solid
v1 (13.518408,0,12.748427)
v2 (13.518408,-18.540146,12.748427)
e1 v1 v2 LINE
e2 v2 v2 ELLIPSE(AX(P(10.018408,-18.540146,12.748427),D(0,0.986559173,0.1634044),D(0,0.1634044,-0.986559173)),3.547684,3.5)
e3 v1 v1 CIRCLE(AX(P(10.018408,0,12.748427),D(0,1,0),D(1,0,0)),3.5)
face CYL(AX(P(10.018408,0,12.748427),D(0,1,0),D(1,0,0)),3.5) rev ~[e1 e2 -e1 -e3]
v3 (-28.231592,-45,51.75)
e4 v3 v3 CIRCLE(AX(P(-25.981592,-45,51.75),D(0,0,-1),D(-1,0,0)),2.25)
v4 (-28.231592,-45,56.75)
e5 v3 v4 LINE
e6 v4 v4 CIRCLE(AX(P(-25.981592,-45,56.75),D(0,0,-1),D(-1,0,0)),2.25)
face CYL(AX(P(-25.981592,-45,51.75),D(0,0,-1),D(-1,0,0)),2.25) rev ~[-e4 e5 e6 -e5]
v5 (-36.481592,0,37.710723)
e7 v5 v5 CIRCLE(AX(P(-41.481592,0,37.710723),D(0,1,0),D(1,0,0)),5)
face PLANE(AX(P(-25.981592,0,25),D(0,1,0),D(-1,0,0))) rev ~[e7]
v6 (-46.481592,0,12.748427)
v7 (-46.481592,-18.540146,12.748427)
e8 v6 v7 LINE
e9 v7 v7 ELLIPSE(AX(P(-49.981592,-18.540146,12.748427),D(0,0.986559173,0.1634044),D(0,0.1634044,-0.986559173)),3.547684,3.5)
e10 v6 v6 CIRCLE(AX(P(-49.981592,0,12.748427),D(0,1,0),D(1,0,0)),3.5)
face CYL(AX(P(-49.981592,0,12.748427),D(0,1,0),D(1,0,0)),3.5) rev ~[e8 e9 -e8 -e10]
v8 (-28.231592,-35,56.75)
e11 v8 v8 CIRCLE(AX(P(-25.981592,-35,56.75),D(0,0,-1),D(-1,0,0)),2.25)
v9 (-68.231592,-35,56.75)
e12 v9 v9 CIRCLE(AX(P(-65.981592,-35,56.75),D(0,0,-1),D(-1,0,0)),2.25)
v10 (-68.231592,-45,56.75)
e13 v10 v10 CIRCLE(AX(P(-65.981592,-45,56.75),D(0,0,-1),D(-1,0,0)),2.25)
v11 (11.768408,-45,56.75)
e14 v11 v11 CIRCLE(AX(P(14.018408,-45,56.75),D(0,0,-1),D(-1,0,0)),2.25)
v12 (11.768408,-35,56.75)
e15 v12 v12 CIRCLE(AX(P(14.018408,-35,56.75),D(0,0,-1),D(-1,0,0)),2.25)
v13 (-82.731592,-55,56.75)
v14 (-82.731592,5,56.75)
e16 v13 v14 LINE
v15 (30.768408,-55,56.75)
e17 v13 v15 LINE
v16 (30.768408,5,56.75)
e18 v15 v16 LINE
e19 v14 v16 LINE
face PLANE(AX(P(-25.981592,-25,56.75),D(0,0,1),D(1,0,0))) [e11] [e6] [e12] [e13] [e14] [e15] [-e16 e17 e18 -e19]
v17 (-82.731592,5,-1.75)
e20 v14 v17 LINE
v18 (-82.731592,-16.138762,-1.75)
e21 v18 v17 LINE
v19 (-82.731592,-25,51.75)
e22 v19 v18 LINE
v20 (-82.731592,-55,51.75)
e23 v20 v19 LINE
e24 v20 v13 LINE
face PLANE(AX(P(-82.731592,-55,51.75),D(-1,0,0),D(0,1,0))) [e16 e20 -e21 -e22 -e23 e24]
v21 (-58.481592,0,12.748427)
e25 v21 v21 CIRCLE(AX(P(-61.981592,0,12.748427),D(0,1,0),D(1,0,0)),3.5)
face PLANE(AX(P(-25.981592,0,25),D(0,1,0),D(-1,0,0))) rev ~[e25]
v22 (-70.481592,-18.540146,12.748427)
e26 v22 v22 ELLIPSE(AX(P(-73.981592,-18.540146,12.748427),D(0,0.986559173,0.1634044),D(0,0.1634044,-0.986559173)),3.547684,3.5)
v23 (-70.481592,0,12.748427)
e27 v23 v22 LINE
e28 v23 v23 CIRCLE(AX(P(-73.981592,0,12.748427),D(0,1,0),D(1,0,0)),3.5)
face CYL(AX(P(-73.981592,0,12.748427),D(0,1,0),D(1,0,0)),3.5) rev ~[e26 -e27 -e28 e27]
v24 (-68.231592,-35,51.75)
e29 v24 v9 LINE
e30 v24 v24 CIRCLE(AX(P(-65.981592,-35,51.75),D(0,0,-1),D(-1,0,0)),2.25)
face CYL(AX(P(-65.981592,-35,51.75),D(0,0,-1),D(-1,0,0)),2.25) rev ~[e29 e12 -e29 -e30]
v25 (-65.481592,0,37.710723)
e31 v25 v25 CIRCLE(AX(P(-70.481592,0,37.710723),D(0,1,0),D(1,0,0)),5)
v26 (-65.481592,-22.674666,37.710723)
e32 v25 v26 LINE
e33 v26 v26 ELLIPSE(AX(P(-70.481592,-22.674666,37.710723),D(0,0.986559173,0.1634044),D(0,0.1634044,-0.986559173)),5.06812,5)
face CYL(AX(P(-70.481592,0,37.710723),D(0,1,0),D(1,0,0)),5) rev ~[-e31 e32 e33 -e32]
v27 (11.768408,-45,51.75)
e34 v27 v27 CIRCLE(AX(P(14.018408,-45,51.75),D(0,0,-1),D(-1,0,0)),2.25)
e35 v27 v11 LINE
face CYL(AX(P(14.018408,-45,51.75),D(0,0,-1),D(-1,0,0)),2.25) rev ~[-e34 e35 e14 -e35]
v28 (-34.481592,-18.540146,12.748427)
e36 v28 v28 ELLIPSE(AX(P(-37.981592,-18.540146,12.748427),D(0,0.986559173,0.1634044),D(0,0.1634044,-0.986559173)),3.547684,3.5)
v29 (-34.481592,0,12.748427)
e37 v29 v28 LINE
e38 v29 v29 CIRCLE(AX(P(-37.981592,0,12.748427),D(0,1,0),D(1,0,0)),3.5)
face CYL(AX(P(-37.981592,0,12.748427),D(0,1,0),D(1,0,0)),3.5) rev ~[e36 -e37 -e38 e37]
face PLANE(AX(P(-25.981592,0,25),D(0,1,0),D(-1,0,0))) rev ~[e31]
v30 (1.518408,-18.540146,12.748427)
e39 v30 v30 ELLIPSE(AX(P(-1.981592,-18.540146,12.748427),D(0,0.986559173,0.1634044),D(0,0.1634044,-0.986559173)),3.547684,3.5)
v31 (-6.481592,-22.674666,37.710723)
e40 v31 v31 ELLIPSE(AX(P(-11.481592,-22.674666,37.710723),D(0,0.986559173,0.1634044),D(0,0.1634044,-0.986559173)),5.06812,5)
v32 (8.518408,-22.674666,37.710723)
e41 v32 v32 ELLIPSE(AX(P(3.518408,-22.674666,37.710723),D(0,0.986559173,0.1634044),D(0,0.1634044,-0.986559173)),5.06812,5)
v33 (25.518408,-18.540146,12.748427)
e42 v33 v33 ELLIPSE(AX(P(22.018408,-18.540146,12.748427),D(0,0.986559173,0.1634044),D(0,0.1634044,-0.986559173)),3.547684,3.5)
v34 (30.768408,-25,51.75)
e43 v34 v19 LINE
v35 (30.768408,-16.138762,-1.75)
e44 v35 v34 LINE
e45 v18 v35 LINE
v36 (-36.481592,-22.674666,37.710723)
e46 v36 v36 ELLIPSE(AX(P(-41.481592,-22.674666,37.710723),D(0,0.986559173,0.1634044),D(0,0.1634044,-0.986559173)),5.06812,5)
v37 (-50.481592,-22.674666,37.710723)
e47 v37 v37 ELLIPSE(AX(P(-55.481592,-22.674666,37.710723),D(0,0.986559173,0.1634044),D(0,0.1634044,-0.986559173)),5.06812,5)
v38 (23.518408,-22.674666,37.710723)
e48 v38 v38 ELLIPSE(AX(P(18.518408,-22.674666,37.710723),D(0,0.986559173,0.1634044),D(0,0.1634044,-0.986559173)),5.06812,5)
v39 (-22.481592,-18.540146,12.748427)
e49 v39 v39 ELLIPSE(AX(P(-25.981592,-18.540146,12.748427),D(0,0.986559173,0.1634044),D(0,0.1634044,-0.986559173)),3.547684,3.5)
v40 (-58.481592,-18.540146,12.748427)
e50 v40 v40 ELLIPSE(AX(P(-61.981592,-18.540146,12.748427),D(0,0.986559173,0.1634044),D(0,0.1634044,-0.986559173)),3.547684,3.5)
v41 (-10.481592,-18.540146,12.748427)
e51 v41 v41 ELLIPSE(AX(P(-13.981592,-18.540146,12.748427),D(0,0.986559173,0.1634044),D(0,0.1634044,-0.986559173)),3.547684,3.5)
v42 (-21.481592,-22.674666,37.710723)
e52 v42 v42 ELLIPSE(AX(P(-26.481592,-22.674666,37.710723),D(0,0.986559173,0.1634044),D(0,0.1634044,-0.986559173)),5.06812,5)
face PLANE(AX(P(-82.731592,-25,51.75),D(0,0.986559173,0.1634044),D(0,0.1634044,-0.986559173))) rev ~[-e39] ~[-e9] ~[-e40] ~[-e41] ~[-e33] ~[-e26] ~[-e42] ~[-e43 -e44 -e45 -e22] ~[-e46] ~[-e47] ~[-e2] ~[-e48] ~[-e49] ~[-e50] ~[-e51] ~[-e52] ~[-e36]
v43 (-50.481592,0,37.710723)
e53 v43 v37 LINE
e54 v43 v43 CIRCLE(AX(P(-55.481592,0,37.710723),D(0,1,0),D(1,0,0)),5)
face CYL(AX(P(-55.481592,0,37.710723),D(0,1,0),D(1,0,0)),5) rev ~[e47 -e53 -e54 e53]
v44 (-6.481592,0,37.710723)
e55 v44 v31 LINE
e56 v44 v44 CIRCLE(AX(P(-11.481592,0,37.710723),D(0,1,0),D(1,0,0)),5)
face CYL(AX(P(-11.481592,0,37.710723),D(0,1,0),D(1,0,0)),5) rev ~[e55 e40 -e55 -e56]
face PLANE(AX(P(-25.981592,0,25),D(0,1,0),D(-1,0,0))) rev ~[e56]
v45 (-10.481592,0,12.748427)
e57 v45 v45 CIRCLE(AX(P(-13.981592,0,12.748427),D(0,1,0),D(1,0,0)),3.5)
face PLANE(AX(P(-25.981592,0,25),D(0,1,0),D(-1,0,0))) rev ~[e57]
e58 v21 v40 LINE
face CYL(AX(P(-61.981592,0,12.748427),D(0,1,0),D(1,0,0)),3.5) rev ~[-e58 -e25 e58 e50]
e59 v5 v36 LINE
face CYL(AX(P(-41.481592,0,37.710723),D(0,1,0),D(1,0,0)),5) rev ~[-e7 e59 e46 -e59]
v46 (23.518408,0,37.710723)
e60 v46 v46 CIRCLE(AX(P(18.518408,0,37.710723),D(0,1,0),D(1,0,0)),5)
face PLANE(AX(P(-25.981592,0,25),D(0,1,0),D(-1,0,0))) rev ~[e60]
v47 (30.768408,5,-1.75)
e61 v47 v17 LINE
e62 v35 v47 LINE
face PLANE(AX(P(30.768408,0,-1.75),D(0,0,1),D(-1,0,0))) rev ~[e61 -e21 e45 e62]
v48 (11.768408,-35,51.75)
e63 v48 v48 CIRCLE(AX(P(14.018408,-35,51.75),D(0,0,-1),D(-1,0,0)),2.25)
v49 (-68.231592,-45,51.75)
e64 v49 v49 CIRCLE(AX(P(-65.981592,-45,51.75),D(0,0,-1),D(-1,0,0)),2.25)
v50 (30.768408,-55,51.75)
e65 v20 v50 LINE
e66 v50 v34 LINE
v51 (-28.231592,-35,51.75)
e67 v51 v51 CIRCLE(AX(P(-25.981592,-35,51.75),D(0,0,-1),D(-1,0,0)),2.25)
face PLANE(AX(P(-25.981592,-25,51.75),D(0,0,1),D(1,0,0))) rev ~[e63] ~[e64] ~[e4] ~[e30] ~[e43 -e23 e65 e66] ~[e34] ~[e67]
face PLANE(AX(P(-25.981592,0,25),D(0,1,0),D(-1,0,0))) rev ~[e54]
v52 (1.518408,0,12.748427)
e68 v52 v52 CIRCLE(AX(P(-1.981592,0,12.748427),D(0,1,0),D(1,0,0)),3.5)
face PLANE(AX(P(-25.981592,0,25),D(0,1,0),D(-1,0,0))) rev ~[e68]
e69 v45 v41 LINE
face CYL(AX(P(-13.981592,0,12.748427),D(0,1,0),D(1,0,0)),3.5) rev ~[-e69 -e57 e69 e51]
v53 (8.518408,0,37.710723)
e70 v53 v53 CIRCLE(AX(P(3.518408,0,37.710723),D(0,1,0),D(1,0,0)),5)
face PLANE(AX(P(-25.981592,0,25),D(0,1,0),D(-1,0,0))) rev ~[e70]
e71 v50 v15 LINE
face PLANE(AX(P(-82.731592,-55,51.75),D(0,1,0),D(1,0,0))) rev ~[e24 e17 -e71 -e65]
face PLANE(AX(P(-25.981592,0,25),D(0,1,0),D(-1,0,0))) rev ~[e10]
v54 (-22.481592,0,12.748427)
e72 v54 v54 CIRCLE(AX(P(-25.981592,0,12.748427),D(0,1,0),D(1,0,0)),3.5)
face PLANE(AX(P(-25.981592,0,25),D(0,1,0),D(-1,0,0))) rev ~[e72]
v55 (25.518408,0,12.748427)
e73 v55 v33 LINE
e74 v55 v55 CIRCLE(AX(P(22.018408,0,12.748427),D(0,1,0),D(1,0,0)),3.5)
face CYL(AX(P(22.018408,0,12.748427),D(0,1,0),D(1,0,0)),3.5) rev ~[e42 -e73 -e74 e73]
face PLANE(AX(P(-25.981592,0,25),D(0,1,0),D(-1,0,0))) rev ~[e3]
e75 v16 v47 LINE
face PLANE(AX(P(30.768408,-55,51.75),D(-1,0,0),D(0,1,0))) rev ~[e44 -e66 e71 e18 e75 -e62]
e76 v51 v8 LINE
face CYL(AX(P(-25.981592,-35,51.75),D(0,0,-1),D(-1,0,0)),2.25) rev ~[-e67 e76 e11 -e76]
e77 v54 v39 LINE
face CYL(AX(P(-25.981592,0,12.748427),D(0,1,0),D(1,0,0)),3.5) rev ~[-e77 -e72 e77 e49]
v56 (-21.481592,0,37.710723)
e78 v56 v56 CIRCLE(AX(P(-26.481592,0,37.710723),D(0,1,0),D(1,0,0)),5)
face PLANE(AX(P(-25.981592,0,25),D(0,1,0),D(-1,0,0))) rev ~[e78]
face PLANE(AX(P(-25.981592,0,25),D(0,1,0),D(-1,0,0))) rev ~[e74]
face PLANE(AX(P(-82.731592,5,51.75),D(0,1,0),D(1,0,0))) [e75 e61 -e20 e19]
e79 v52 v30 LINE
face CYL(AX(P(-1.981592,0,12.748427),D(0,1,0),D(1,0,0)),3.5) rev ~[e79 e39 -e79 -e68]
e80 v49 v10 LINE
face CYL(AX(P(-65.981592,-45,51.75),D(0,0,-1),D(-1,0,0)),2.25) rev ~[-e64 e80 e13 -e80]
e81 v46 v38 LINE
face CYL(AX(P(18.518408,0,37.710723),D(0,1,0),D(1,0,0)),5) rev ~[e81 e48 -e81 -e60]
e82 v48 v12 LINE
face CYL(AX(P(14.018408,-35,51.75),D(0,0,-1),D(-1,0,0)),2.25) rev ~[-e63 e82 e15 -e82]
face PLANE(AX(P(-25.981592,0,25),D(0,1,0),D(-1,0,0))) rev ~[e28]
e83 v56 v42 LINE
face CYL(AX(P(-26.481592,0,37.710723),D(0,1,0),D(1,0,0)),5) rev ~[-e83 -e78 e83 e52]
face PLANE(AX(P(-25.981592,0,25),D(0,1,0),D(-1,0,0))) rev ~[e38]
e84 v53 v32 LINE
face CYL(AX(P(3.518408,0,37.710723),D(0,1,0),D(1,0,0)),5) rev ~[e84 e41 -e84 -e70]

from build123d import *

# Parameters (mm, degrees)
F1_DEPTH = 25
F2_W     = 113.5
F2_H     = 53.5
F3_DEPTH = 5
F5_DEPTH = 133.9
F6_W     = 113.5
F6_H     = 60
F7_DEPTH = 5
F9_DEPTH = 25


with BuildPart() as f1:
    # F0 (on Front) → F1 (new body)
    with BuildSketch(Plane.XZ):
        with BuildLine():
            Line((30.7684078276, 51.75), (-82.7315921724, 51.75))
            Line((-82.7315921724, 51.75), (-82.7315921724, 37.7107225358))
            Line((-82.7315921724, 37.7107225358), (-75.4815921724, 37.7107225358))
            ThreePointArc((-75.4815921724, 37.7107225358), (-70.4815921724, 42.7107225358), (-65.4815921724, 37.7107225358))
            Line((-65.4815921724, 37.7107225358), (-60.4815921724, 37.7107225358))
            ThreePointArc((-60.4815921724, 37.7107225358), (-55.4815921724, 42.7107225358), (-50.4815921724, 37.7107225358))
            Line((-50.4815921724, 37.7107225358), (-46.4815921724, 37.7107225358))
            ThreePointArc((-46.4815921724, 37.7107225358), (-41.4815921724, 42.7107225358), (-36.4815921724, 37.7107225358))
            Line((-36.4815921724, 37.7107225358), (-31.4815921724, 37.7107225358))
            ThreePointArc((-31.4815921724, 37.7107225358), (-26.4815921724, 42.7107225358), (-21.4815921724, 37.7107225358))
            Line((-21.4815921724, 37.7107225358), (-16.4815921724, 37.7107225358))
            ThreePointArc((-16.4815921724, 37.7107225358), (-11.4815921724, 42.7107225358), (-6.4815921724, 37.7107225358))
            Line((-6.4815921724, 37.7107225358), (-1.4815921724, 37.7107225358))
            ThreePointArc((-1.4815921724, 37.7107225358), (3.5184078276, 42.7107225358), (8.5184078276, 37.7107225358))
            Line((8.5184078276, 37.7107225358), (13.5184078276, 37.7107225358))
            ThreePointArc((13.5184078276, 37.7107225358), (18.5184078276, 42.7107225358), (23.5184078276, 37.7107225358))
            Line((23.5184078276, 37.7107225358), (30.7684078276, 37.7107225358))
            Line((30.7684078276, 37.7107225358), (30.7684078276, 51.75))
        make_face()
        with BuildLine():
            Line((-77.4815921724, 12.7484267578), (-82.7315921724, 12.7484267578))
            Line((-82.7315921724, 12.7484267578), (-82.7315921724, -1.75))
            Line((-82.7315921724, -1.75), (30.7684078276, -1.75))
            Line((30.7684078276, -1.75), (30.7684078276, 12.7484267578))
            Line((30.7684078276, 12.7484267578), (25.5184078276, 12.7484267578))
            ThreePointArc((25.5184078276, 12.7484267578), (22.0184078276, 9.2484267578), (18.5184078276, 12.7484267578))
            Line((18.5184078276, 12.7484267578), (13.5184078276, 12.7484267578))
            ThreePointArc((13.5184078276, 12.7484267578), (10.0184078276, 9.2484267578), (6.5184078276, 12.7484267578))
            Line((6.5184078276, 12.7484267578), (1.5184078276, 12.7484267578))
            ThreePointArc((1.5184078276, 12.7484267578), (-1.9815921724, 9.2484267578), (-5.4815921724, 12.7484267578))
            Line((-5.4815921724, 12.7484267578), (-10.4815921724, 12.7484267578))
            ThreePointArc((-10.4815921724, 12.7484267578), (-13.9815921724, 9.2484267578), (-17.4815921724, 12.7484267578))
            Line((-17.4815921724, 12.7484267578), (-22.4815921724, 12.7484267578))
            ThreePointArc((-22.4815921724, 12.7484267578), (-25.9815921724, 9.2484267578), (-29.4815921724, 12.7484267578))
            Line((-29.4815921724, 12.7484267578), (-34.4815921724, 12.7484267578))
            ThreePointArc((-34.4815921724, 12.7484267578), (-37.9815921724, 9.2484267578), (-41.4815921724, 12.7484267578))
            Line((-41.4815921724, 12.7484267578), (-46.4815921724, 12.7484267578))
            ThreePointArc((-46.4815921724, 12.7484267578), (-49.9815921724, 9.2484267578), (-53.4815921724, 12.7484267578))
            Line((-53.4815921724, 12.7484267578), (-58.4815921724, 12.7484267578))
            ThreePointArc((-58.4815921724, 12.7484267578), (-61.9815921724, 9.2484267578), (-65.4815921724, 12.7484267578))
            Line((-65.4815921724, 12.7484267578), (-70.4815921724, 12.7484267578))
            ThreePointArc((-70.4815921724, 12.7484267578), (-73.9815921724, 9.2484267578), (-77.4815921724, 12.7484267578))
        make_face()
        with BuildLine():
            Line((-75.4815921724, 37.7107225358), (-82.7315921724, 37.7107225358))
            Line((-82.7315921724, 37.7107225358), (-82.7315921724, 12.7484267578))
            Line((-82.7315921724, 12.7484267578), (-77.4815921724, 12.7484267578))
            ThreePointArc((-77.4815921724, 12.7484267578), (-73.9815921724, 16.2484267578), (-70.4815921724, 12.7484267578))
            Line((-70.4815921724, 12.7484267578), (-65.4815921724, 12.7484267578))
            ThreePointArc((-65.4815921724, 12.7484267578), (-61.9815921724, 16.2484267578), (-58.4815921724, 12.7484267578))
            Line((-58.4815921724, 12.7484267578), (-53.4815921724, 12.7484267578))
            ThreePointArc((-53.4815921724, 12.7484267578), (-49.9815921724, 16.2484267578), (-46.4815921724, 12.7484267578))
            Line((-46.4815921724, 12.7484267578), (-41.4815921724, 12.7484267578))
            ThreePointArc((-41.4815921724, 12.7484267578), (-37.9815921724, 16.2484267578), (-34.4815921724, 12.7484267578))
            Line((-34.4815921724, 12.7484267578), (-29.4815921724, 12.7484267578))
            ThreePointArc((-29.4815921724, 12.7484267578), (-25.9815921724, 16.2484267578), (-22.4815921724, 12.7484267578))
            Line((-22.4815921724, 12.7484267578), (-17.4815921724, 12.7484267578))
            ThreePointArc((-17.4815921724, 12.7484267578), (-13.9815921724, 16.2484267578), (-10.4815921724, 12.7484267578))
            Line((-10.4815921724, 12.7484267578), (-5.4815921724, 12.7484267578))
            ThreePointArc((-5.4815921724, 12.7484267578), (-1.9815921724, 16.2484267578), (1.5184078276, 12.7484267578))
            Line((1.5184078276, 12.7484267578), (6.5184078276, 12.7484267578))
            ThreePointArc((6.5184078276, 12.7484267578), (10.0184078276, 16.2484267578), (13.5184078276, 12.7484267578))
            Line((13.5184078276, 12.7484267578), (18.5184078276, 12.7484267578))
            ThreePointArc((18.5184078276, 12.7484267578), (22.0184078276, 16.2484267578), (25.5184078276, 12.7484267578))
            Line((25.5184078276, 12.7484267578), (30.7684078276, 12.7484267578))
            Line((30.7684078276, 12.7484267578), (30.7684078276, 37.7107225358))
            Line((30.7684078276, 37.7107225358), (23.5184078276, 37.7107225358))
            ThreePointArc((23.5184078276, 37.7107225358), (18.5184078276, 32.7107225358), (13.5184078276, 37.7107225358))
            Line((13.5184078276, 37.7107225358), (8.5184078276, 37.7107225358))
            ThreePointArc((8.5184078276, 37.7107225358), (3.5184078276, 32.7107225358), (-1.4815921724, 37.7107225358))
            Line((-1.4815921724, 37.7107225358), (-6.4815921724, 37.7107225358))
            ThreePointArc((-6.4815921724, 37.7107225358), (-11.4815921724, 32.7107225358), (-16.4815921724, 37.7107225358))
            Line((-16.4815921724, 37.7107225358), (-21.4815921724, 37.7107225358))
            ThreePointArc((-21.4815921724, 37.7107225358), (-26.4815921724, 32.7107225358), (-31.4815921724, 37.7107225358))
            Line((-31.4815921724, 37.7107225358), (-36.4815921724, 37.7107225358))
            ThreePointArc((-36.4815921724, 37.7107225358), (-41.4815921724, 32.7107225358), (-46.4815921724, 37.7107225358))
            Line((-46.4815921724, 37.7107225358), (-50.4815921724, 37.7107225358))
            ThreePointArc((-50.4815921724, 37.7107225358), (-55.4815921724, 32.7107225358), (-60.4815921724, 37.7107225358))
            Line((-60.4815921724, 37.7107225358), (-65.4815921724, 37.7107225358))
            ThreePointArc((-65.4815921724, 37.7107225358), (-70.4815921724, 32.7107225358), (-75.4815921724, 37.7107225358))
        make_face()
    extrude(amount=F1_DEPTH)

    # F2 (on face) → F3 (join)
    with BuildSketch(Plane(origin=(0, 0, 0), x_dir=(-1, 0, 0), z_dir=(0, 1, 0))):
        with Locations((25.9815921724, 25)):
            Rectangle(F2_W, F2_H)
    extrude(amount=F3_DEPTH)

    # F4 (on face) → F5 (cut)
    with BuildSketch(Plane(origin=(-82.7315921724, 0, 0), x_dir=(0, -1, 0), z_dir=(-1, 0, 0))):
        Polygon((25, -1.75), (25, 51.75), (16.1387622356, -1.75), align=None)
    extrude(amount=-F5_DEPTH, mode=Mode.SUBTRACT)

    # F6 (on face) → F7 (join)
    with BuildSketch(Plane.XY.offset(51.75)):
        with Locations((-25.9815921724, -25)):
            Rectangle(F6_W, F6_H)
    extrude(amount=F7_DEPTH)

    # F8 (on face) → F9 (cut)
    with BuildSketch(Plane(origin=(0, 0, 51.75), x_dir=(1, 0, 0), z_dir=(0, 0, -1))):
        with BuildLine():
            ThreePointArc((-63.7315921724, 45), (-65.9815921724, 47.25), (-68.2315921724, 45))
            Line((-68.2315921724, 45), (-63.7315921724, 45))
        make_face()
        with BuildLine():
            ThreePointArc((16.2684078276, 45), (14.0184078276, 47.25), (11.7684078276, 45))
            Line((11.7684078276, 45), (16.2684078276, 45))
        make_face()
        with BuildLine():
            Line((16.2684078276, 45), (11.7684078276, 45))
            ThreePointArc((11.7684078276, 45), (14.0184078276, 42.75), (16.2684078276, 45))
        make_face()
        with BuildLine():
            ThreePointArc((-23.7315921724, 45), (-25.9815921724, 47.25), (-28.2315921724, 45))
            Line((-28.2315921724, 45), (-23.7315921724, 45))
        make_face()
        with BuildLine():
            Line((-23.7315921724, 45), (-28.2315921724, 45))
            ThreePointArc((-28.2315921724, 45), (-25.9815921724, 42.75), (-23.7315921724, 45))
        make_face()
        with BuildLine():
            Line((-63.7315921724, 45), (-68.2315921724, 45))
            ThreePointArc((-68.2315921724, 45), (-65.9815921724, 42.75), (-63.7315921724, 45))
        make_face()
        with BuildLine():
            ThreePointArc((-63.7315921724, 35), (-65.9815921724, 37.25), (-68.2315921724, 35))
            Line((-68.2315921724, 35), (-63.7315921724, 35))
        make_face()
        with BuildLine():
            ThreePointArc((16.2684078276, 35), (14.0184078276, 37.25), (11.7684078276, 35))
            Line((11.7684078276, 35), (16.2684078276, 35))
        make_face()
        with BuildLine():
            Line((16.2684078276, 35), (11.7684078276, 35))
            ThreePointArc((11.7684078276, 35), (14.0184078276, 32.75), (16.2684078276, 35))
        make_face()
        with BuildLine():
            ThreePointArc((-23.7315921724, 35), (-25.9815921724, 37.25), (-28.2315921724, 35))
            Line((-28.2315921724, 35), (-23.7315921724, 35))
        make_face()
        with BuildLine():
            Line((-23.7315921724, 35), (-28.2315921724, 35))
            ThreePointArc((-28.2315921724, 35), (-25.9815921724, 32.75), (-23.7315921724, 35))
        make_face()
        with BuildLine():
            Line((-63.7315921724, 35), (-68.2315921724, 35))
            ThreePointArc((-68.2315921724, 35), (-65.9815921724, 32.75), (-63.7315921724, 35))
        make_face()
    extrude(amount=-F9_DEPTH, mode=Mode.SUBTRACT)


solid = f1.part
